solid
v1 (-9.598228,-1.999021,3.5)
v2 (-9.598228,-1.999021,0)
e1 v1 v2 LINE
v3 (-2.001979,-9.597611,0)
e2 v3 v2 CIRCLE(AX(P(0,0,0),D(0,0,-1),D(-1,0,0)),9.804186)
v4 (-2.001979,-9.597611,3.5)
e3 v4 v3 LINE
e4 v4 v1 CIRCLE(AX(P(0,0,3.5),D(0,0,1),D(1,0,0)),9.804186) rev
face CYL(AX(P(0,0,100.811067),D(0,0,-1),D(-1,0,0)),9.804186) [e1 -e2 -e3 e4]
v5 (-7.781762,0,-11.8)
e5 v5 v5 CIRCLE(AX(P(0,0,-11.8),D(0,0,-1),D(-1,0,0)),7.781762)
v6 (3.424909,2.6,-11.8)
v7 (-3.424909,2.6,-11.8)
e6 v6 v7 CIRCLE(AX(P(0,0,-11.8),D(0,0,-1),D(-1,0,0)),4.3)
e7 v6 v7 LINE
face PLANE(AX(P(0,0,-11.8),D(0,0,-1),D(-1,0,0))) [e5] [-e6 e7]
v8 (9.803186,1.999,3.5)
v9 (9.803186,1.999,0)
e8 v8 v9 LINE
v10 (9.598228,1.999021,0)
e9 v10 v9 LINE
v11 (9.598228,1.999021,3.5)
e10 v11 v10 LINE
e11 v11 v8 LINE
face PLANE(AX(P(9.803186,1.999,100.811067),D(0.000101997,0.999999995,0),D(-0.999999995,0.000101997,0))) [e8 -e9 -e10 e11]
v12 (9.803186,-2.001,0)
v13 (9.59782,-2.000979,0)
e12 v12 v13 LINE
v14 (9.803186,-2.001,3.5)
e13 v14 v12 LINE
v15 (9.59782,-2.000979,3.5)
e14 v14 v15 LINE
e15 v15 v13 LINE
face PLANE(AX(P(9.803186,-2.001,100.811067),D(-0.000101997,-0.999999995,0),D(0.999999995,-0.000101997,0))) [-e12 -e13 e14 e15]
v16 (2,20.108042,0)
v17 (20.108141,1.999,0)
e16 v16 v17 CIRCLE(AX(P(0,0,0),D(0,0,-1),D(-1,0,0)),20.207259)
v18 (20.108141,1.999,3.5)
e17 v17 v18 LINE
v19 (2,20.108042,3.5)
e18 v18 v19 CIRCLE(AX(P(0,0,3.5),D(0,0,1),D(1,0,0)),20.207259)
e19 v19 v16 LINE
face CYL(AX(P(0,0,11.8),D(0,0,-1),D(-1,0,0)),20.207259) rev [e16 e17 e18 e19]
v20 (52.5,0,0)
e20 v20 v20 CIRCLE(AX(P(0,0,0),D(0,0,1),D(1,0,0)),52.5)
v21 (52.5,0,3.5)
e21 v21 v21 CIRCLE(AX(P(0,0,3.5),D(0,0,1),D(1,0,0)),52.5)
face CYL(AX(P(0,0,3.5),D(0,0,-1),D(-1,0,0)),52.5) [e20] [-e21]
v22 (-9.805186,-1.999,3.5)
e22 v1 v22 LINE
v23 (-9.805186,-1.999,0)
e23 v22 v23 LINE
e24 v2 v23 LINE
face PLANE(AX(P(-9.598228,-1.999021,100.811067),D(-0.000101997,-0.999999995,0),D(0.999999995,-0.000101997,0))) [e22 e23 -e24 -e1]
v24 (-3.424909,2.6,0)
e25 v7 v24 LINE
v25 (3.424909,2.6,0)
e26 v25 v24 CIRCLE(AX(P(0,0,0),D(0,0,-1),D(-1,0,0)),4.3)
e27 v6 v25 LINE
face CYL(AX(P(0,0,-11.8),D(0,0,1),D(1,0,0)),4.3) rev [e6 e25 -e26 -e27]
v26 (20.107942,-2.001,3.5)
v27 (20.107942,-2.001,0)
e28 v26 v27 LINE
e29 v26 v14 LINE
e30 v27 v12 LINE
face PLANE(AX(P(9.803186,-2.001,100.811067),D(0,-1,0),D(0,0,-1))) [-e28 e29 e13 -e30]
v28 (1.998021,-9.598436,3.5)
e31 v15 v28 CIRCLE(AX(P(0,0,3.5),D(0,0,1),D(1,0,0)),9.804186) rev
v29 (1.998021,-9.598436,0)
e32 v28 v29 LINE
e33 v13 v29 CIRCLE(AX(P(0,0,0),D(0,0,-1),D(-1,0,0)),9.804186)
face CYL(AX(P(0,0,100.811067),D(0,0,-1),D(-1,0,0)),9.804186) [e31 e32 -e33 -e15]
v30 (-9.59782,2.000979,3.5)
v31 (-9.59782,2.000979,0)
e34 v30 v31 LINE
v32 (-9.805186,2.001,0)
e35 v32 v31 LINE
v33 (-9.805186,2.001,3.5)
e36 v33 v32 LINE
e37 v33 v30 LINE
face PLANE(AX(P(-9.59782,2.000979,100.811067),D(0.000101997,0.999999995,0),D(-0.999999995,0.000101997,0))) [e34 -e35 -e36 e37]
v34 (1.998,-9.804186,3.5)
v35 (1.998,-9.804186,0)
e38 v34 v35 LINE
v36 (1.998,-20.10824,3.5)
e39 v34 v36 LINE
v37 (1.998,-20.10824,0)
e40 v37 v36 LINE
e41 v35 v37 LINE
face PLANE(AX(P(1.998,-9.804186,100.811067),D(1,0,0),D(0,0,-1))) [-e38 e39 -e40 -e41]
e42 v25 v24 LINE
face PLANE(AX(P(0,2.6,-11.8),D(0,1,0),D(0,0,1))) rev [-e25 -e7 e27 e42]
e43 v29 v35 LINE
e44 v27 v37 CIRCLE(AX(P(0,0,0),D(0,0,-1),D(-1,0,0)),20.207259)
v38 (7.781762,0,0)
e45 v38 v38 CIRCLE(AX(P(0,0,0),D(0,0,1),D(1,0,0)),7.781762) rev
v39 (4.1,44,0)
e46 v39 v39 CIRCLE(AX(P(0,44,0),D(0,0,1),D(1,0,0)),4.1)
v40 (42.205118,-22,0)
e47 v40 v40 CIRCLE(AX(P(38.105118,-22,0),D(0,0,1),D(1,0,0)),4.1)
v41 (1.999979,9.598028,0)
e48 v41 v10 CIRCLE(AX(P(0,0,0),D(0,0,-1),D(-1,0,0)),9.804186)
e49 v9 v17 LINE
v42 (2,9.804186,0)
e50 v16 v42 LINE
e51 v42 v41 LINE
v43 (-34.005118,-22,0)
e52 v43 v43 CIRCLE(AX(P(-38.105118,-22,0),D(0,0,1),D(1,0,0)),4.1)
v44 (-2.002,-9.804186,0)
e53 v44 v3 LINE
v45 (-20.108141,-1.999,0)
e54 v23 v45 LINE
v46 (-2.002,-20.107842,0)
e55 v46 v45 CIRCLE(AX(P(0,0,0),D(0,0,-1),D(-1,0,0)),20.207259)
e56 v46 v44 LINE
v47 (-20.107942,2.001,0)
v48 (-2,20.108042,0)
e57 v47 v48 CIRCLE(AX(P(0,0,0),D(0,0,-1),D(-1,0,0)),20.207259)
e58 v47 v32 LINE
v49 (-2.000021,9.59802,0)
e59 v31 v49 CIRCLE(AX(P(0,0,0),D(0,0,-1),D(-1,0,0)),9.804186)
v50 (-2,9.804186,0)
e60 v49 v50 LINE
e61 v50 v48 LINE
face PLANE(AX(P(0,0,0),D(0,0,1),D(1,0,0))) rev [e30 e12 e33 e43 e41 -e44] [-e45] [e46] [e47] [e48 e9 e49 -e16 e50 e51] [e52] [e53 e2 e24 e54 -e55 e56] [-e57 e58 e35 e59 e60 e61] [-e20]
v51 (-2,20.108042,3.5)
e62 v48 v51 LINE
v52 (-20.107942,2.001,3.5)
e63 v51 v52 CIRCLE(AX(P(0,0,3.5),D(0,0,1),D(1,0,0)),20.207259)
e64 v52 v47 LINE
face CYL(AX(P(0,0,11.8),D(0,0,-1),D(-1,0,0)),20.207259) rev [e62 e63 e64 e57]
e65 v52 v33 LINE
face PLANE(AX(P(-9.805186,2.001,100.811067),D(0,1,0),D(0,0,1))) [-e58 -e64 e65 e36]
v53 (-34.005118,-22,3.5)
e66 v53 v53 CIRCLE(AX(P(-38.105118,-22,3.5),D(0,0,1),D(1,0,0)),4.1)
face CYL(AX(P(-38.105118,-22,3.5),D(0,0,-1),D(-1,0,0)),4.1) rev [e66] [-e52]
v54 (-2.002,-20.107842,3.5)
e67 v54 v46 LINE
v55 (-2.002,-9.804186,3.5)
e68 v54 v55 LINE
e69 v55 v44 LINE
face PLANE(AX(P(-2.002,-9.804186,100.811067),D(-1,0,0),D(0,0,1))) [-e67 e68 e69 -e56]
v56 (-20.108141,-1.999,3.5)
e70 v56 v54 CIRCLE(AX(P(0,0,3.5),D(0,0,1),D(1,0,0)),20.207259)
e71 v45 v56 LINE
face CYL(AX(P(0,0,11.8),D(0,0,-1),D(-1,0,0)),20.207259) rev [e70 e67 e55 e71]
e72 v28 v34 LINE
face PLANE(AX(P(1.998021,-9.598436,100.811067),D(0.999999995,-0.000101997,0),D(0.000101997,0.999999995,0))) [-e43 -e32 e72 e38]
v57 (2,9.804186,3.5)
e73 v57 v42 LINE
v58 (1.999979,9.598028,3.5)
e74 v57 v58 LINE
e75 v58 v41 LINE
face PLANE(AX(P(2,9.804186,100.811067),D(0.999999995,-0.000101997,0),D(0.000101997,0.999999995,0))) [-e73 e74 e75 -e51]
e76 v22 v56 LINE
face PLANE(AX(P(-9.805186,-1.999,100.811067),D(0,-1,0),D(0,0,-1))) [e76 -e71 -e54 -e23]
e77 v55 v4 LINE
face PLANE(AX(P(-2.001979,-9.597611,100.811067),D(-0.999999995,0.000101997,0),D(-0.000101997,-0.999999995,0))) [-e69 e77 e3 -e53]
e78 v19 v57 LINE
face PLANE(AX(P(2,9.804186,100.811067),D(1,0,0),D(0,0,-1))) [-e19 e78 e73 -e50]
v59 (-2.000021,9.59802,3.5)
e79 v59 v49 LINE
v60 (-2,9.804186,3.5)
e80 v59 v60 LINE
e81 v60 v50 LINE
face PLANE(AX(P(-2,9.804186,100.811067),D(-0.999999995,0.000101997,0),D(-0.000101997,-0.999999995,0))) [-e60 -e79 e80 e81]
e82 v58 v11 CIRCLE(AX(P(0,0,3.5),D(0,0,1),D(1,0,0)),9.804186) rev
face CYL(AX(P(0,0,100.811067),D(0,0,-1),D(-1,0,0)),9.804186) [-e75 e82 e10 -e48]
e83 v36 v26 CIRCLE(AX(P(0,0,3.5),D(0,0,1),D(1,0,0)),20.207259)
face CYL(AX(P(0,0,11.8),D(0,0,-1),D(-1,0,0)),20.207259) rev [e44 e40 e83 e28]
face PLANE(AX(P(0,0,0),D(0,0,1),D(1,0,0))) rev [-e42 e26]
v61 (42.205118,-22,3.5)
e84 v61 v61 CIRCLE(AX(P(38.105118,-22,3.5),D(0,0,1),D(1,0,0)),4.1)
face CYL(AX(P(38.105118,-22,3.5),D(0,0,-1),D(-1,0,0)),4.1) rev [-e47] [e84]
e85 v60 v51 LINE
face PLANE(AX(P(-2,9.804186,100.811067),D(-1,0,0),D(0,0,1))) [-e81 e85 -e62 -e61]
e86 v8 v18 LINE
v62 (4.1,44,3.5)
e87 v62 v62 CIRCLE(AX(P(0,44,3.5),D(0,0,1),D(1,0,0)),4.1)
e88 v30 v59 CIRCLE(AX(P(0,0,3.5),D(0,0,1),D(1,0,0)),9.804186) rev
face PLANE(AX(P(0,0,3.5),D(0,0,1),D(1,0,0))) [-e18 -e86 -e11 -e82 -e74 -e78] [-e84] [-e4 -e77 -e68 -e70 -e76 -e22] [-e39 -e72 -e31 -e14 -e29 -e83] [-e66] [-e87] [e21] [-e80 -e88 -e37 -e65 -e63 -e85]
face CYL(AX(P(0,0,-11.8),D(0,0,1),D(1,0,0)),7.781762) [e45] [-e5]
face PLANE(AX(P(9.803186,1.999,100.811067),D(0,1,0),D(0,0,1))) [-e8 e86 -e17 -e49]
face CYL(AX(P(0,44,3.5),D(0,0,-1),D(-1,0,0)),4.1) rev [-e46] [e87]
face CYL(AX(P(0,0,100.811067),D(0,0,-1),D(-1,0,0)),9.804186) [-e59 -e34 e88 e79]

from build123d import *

# Parameters (mm, degrees)
SKETCH2_R           = 52.5
SKETCH2_R_2         = 4.1
BOSS_EXTRUDE1_DEPTH = 3.5
SKETCH3_R           = 20.207259422
CUT_EXTRUDE1_DEPTH  = 11.8
BOSS_EXTRUDE2_DEPTH = 3.5
SKETCH5_R           = 7.781762147
BOSS_EXTRUDE3_DEPTH = 11.8


with BuildPart() as part:
    # Sketch2 → Boss-Extrude1 (new body)
    with BuildSketch(Plane.XY):
        Circle(SKETCH2_R)
        with Locations((0, 44)):
            Circle(SKETCH2_R_2, mode=Mode.SUBTRACT)
        with Locations((38.105117767, -22)):
            Circle(SKETCH2_R_2, mode=Mode.SUBTRACT)
        with Locations((-38.105117767, -22)):
            Circle(SKETCH2_R_2, mode=Mode.SUBTRACT)
        Polygon((-17.5, 10.103629711), (0, 20.207259422), (17.5, 10.103629711), (17.5, -10.103629711), (0, -20.207259422), (-17.5, -10.103629711), align=None, mode=Mode.SUBTRACT)
    extrude(amount=BOSS_EXTRUDE1_DEPTH)

    # Sketch3 → Cut-Extrude1 (cut)
    with BuildSketch(Plane(origin=(0, 0, 0), x_dir=(-1, 0, 0), z_dir=(0, 0, -1))):
        Circle(SKETCH3_R)
    extrude(amount=-CUT_EXTRUDE1_DEPTH, mode=Mode.SUBTRACT)

    # Sketch4 → Boss-Extrude2 (add)
    with BuildSketch(Plane(origin=(0, 0, 0), x_dir=(-1, 0, 0), z_dir=(0, 0, -1))):
        with BuildLine():
            Line((2, 9.80418615), (2, 34.404657721))
            Line((2, 34.404657721), (-2, 34.404657721))
            Line((-2, 34.404657721), (-2, 9.80418615))
            Line((-2, 9.80418615), (-1.999978972, 9.598028452))
            ThreePointArc((-1.999978972, 9.598028452), (-6.932952502, 6.932260502), (-9.598228039, 1.999020905))
            Line((-9.598228039, 1.999020905), (-9.80318615, 1.999))
            Line((-9.80318615, 1.999), (-34.403657721, 1.999))
            Line((-34.403657721, 1.999), (-34.403657721, -2.001))
            Line((-34.403657721, -2.001), (-9.80318615, -2.001))
            Line((-9.80318615, -2.001), (-9.597820007, -2.000979053))
            ThreePointArc((-9.597820007, -2.000979053), (-6.931538141, -6.933674715), (-1.998020986, -9.598436237))
            Line((-1.998020986, -9.598436237), (-1.998, -9.80418615))
            Line((-1.998, -9.80418615), (-1.998, -34.404657721))
            Line((-1.998, -34.404657721), (2.002, -34.404657721))
            Line((2.002, -34.404657721), (2.002, -9.80418615))
            Line((2.002, -9.80418615), (2.00197893, -9.597611496))
            ThreePointArc((2.00197893, -9.597611496), (6.93367465, -6.931538207), (9.598227996, -1.999021109))
            Line((9.598227996, -1.999021109), (9.80518615, -1.999))
            Line((9.80518615, -1.999), (34.405657721, -1.999))
            Line((34.405657721, -1.999), (34.405657721, 2.001))
            Line((34.405657721, 2.001), (9.80518615, 2.001))
            Line((9.80518615, 2.001), (9.59782005, 2.000978849))
            ThreePointArc((9.59782005, 2.000978849), (6.932260583, 6.93295242), (2.000021028, 9.598019689))
            Line((2.000021028, 9.598019689), (2, 9.80418615))
        make_face()
    extrude(amount=-BOSS_EXTRUDE2_DEPTH)

    # Sketch5 → Boss-Extrude3 (add)
    with BuildSketch(Plane(origin=(0, 0, 0), x_dir=(-1, 0, 0), z_dir=(0, 0, -1))):
        with Locations(Location((0, 0, 0), (0, 0, 180))):
            Circle(SKETCH5_R)
        with BuildLine():
            Line((-3.424908758, 2.6), (3.424908758, 2.6))
            ThreePointArc((3.424908758, 2.6), (0, -4.3), (-3.424908758, 2.6))
        make_face(mode=Mode.SUBTRACT)
    extrude(amount=BOSS_EXTRUDE3_DEPTH)


solid = part.part
